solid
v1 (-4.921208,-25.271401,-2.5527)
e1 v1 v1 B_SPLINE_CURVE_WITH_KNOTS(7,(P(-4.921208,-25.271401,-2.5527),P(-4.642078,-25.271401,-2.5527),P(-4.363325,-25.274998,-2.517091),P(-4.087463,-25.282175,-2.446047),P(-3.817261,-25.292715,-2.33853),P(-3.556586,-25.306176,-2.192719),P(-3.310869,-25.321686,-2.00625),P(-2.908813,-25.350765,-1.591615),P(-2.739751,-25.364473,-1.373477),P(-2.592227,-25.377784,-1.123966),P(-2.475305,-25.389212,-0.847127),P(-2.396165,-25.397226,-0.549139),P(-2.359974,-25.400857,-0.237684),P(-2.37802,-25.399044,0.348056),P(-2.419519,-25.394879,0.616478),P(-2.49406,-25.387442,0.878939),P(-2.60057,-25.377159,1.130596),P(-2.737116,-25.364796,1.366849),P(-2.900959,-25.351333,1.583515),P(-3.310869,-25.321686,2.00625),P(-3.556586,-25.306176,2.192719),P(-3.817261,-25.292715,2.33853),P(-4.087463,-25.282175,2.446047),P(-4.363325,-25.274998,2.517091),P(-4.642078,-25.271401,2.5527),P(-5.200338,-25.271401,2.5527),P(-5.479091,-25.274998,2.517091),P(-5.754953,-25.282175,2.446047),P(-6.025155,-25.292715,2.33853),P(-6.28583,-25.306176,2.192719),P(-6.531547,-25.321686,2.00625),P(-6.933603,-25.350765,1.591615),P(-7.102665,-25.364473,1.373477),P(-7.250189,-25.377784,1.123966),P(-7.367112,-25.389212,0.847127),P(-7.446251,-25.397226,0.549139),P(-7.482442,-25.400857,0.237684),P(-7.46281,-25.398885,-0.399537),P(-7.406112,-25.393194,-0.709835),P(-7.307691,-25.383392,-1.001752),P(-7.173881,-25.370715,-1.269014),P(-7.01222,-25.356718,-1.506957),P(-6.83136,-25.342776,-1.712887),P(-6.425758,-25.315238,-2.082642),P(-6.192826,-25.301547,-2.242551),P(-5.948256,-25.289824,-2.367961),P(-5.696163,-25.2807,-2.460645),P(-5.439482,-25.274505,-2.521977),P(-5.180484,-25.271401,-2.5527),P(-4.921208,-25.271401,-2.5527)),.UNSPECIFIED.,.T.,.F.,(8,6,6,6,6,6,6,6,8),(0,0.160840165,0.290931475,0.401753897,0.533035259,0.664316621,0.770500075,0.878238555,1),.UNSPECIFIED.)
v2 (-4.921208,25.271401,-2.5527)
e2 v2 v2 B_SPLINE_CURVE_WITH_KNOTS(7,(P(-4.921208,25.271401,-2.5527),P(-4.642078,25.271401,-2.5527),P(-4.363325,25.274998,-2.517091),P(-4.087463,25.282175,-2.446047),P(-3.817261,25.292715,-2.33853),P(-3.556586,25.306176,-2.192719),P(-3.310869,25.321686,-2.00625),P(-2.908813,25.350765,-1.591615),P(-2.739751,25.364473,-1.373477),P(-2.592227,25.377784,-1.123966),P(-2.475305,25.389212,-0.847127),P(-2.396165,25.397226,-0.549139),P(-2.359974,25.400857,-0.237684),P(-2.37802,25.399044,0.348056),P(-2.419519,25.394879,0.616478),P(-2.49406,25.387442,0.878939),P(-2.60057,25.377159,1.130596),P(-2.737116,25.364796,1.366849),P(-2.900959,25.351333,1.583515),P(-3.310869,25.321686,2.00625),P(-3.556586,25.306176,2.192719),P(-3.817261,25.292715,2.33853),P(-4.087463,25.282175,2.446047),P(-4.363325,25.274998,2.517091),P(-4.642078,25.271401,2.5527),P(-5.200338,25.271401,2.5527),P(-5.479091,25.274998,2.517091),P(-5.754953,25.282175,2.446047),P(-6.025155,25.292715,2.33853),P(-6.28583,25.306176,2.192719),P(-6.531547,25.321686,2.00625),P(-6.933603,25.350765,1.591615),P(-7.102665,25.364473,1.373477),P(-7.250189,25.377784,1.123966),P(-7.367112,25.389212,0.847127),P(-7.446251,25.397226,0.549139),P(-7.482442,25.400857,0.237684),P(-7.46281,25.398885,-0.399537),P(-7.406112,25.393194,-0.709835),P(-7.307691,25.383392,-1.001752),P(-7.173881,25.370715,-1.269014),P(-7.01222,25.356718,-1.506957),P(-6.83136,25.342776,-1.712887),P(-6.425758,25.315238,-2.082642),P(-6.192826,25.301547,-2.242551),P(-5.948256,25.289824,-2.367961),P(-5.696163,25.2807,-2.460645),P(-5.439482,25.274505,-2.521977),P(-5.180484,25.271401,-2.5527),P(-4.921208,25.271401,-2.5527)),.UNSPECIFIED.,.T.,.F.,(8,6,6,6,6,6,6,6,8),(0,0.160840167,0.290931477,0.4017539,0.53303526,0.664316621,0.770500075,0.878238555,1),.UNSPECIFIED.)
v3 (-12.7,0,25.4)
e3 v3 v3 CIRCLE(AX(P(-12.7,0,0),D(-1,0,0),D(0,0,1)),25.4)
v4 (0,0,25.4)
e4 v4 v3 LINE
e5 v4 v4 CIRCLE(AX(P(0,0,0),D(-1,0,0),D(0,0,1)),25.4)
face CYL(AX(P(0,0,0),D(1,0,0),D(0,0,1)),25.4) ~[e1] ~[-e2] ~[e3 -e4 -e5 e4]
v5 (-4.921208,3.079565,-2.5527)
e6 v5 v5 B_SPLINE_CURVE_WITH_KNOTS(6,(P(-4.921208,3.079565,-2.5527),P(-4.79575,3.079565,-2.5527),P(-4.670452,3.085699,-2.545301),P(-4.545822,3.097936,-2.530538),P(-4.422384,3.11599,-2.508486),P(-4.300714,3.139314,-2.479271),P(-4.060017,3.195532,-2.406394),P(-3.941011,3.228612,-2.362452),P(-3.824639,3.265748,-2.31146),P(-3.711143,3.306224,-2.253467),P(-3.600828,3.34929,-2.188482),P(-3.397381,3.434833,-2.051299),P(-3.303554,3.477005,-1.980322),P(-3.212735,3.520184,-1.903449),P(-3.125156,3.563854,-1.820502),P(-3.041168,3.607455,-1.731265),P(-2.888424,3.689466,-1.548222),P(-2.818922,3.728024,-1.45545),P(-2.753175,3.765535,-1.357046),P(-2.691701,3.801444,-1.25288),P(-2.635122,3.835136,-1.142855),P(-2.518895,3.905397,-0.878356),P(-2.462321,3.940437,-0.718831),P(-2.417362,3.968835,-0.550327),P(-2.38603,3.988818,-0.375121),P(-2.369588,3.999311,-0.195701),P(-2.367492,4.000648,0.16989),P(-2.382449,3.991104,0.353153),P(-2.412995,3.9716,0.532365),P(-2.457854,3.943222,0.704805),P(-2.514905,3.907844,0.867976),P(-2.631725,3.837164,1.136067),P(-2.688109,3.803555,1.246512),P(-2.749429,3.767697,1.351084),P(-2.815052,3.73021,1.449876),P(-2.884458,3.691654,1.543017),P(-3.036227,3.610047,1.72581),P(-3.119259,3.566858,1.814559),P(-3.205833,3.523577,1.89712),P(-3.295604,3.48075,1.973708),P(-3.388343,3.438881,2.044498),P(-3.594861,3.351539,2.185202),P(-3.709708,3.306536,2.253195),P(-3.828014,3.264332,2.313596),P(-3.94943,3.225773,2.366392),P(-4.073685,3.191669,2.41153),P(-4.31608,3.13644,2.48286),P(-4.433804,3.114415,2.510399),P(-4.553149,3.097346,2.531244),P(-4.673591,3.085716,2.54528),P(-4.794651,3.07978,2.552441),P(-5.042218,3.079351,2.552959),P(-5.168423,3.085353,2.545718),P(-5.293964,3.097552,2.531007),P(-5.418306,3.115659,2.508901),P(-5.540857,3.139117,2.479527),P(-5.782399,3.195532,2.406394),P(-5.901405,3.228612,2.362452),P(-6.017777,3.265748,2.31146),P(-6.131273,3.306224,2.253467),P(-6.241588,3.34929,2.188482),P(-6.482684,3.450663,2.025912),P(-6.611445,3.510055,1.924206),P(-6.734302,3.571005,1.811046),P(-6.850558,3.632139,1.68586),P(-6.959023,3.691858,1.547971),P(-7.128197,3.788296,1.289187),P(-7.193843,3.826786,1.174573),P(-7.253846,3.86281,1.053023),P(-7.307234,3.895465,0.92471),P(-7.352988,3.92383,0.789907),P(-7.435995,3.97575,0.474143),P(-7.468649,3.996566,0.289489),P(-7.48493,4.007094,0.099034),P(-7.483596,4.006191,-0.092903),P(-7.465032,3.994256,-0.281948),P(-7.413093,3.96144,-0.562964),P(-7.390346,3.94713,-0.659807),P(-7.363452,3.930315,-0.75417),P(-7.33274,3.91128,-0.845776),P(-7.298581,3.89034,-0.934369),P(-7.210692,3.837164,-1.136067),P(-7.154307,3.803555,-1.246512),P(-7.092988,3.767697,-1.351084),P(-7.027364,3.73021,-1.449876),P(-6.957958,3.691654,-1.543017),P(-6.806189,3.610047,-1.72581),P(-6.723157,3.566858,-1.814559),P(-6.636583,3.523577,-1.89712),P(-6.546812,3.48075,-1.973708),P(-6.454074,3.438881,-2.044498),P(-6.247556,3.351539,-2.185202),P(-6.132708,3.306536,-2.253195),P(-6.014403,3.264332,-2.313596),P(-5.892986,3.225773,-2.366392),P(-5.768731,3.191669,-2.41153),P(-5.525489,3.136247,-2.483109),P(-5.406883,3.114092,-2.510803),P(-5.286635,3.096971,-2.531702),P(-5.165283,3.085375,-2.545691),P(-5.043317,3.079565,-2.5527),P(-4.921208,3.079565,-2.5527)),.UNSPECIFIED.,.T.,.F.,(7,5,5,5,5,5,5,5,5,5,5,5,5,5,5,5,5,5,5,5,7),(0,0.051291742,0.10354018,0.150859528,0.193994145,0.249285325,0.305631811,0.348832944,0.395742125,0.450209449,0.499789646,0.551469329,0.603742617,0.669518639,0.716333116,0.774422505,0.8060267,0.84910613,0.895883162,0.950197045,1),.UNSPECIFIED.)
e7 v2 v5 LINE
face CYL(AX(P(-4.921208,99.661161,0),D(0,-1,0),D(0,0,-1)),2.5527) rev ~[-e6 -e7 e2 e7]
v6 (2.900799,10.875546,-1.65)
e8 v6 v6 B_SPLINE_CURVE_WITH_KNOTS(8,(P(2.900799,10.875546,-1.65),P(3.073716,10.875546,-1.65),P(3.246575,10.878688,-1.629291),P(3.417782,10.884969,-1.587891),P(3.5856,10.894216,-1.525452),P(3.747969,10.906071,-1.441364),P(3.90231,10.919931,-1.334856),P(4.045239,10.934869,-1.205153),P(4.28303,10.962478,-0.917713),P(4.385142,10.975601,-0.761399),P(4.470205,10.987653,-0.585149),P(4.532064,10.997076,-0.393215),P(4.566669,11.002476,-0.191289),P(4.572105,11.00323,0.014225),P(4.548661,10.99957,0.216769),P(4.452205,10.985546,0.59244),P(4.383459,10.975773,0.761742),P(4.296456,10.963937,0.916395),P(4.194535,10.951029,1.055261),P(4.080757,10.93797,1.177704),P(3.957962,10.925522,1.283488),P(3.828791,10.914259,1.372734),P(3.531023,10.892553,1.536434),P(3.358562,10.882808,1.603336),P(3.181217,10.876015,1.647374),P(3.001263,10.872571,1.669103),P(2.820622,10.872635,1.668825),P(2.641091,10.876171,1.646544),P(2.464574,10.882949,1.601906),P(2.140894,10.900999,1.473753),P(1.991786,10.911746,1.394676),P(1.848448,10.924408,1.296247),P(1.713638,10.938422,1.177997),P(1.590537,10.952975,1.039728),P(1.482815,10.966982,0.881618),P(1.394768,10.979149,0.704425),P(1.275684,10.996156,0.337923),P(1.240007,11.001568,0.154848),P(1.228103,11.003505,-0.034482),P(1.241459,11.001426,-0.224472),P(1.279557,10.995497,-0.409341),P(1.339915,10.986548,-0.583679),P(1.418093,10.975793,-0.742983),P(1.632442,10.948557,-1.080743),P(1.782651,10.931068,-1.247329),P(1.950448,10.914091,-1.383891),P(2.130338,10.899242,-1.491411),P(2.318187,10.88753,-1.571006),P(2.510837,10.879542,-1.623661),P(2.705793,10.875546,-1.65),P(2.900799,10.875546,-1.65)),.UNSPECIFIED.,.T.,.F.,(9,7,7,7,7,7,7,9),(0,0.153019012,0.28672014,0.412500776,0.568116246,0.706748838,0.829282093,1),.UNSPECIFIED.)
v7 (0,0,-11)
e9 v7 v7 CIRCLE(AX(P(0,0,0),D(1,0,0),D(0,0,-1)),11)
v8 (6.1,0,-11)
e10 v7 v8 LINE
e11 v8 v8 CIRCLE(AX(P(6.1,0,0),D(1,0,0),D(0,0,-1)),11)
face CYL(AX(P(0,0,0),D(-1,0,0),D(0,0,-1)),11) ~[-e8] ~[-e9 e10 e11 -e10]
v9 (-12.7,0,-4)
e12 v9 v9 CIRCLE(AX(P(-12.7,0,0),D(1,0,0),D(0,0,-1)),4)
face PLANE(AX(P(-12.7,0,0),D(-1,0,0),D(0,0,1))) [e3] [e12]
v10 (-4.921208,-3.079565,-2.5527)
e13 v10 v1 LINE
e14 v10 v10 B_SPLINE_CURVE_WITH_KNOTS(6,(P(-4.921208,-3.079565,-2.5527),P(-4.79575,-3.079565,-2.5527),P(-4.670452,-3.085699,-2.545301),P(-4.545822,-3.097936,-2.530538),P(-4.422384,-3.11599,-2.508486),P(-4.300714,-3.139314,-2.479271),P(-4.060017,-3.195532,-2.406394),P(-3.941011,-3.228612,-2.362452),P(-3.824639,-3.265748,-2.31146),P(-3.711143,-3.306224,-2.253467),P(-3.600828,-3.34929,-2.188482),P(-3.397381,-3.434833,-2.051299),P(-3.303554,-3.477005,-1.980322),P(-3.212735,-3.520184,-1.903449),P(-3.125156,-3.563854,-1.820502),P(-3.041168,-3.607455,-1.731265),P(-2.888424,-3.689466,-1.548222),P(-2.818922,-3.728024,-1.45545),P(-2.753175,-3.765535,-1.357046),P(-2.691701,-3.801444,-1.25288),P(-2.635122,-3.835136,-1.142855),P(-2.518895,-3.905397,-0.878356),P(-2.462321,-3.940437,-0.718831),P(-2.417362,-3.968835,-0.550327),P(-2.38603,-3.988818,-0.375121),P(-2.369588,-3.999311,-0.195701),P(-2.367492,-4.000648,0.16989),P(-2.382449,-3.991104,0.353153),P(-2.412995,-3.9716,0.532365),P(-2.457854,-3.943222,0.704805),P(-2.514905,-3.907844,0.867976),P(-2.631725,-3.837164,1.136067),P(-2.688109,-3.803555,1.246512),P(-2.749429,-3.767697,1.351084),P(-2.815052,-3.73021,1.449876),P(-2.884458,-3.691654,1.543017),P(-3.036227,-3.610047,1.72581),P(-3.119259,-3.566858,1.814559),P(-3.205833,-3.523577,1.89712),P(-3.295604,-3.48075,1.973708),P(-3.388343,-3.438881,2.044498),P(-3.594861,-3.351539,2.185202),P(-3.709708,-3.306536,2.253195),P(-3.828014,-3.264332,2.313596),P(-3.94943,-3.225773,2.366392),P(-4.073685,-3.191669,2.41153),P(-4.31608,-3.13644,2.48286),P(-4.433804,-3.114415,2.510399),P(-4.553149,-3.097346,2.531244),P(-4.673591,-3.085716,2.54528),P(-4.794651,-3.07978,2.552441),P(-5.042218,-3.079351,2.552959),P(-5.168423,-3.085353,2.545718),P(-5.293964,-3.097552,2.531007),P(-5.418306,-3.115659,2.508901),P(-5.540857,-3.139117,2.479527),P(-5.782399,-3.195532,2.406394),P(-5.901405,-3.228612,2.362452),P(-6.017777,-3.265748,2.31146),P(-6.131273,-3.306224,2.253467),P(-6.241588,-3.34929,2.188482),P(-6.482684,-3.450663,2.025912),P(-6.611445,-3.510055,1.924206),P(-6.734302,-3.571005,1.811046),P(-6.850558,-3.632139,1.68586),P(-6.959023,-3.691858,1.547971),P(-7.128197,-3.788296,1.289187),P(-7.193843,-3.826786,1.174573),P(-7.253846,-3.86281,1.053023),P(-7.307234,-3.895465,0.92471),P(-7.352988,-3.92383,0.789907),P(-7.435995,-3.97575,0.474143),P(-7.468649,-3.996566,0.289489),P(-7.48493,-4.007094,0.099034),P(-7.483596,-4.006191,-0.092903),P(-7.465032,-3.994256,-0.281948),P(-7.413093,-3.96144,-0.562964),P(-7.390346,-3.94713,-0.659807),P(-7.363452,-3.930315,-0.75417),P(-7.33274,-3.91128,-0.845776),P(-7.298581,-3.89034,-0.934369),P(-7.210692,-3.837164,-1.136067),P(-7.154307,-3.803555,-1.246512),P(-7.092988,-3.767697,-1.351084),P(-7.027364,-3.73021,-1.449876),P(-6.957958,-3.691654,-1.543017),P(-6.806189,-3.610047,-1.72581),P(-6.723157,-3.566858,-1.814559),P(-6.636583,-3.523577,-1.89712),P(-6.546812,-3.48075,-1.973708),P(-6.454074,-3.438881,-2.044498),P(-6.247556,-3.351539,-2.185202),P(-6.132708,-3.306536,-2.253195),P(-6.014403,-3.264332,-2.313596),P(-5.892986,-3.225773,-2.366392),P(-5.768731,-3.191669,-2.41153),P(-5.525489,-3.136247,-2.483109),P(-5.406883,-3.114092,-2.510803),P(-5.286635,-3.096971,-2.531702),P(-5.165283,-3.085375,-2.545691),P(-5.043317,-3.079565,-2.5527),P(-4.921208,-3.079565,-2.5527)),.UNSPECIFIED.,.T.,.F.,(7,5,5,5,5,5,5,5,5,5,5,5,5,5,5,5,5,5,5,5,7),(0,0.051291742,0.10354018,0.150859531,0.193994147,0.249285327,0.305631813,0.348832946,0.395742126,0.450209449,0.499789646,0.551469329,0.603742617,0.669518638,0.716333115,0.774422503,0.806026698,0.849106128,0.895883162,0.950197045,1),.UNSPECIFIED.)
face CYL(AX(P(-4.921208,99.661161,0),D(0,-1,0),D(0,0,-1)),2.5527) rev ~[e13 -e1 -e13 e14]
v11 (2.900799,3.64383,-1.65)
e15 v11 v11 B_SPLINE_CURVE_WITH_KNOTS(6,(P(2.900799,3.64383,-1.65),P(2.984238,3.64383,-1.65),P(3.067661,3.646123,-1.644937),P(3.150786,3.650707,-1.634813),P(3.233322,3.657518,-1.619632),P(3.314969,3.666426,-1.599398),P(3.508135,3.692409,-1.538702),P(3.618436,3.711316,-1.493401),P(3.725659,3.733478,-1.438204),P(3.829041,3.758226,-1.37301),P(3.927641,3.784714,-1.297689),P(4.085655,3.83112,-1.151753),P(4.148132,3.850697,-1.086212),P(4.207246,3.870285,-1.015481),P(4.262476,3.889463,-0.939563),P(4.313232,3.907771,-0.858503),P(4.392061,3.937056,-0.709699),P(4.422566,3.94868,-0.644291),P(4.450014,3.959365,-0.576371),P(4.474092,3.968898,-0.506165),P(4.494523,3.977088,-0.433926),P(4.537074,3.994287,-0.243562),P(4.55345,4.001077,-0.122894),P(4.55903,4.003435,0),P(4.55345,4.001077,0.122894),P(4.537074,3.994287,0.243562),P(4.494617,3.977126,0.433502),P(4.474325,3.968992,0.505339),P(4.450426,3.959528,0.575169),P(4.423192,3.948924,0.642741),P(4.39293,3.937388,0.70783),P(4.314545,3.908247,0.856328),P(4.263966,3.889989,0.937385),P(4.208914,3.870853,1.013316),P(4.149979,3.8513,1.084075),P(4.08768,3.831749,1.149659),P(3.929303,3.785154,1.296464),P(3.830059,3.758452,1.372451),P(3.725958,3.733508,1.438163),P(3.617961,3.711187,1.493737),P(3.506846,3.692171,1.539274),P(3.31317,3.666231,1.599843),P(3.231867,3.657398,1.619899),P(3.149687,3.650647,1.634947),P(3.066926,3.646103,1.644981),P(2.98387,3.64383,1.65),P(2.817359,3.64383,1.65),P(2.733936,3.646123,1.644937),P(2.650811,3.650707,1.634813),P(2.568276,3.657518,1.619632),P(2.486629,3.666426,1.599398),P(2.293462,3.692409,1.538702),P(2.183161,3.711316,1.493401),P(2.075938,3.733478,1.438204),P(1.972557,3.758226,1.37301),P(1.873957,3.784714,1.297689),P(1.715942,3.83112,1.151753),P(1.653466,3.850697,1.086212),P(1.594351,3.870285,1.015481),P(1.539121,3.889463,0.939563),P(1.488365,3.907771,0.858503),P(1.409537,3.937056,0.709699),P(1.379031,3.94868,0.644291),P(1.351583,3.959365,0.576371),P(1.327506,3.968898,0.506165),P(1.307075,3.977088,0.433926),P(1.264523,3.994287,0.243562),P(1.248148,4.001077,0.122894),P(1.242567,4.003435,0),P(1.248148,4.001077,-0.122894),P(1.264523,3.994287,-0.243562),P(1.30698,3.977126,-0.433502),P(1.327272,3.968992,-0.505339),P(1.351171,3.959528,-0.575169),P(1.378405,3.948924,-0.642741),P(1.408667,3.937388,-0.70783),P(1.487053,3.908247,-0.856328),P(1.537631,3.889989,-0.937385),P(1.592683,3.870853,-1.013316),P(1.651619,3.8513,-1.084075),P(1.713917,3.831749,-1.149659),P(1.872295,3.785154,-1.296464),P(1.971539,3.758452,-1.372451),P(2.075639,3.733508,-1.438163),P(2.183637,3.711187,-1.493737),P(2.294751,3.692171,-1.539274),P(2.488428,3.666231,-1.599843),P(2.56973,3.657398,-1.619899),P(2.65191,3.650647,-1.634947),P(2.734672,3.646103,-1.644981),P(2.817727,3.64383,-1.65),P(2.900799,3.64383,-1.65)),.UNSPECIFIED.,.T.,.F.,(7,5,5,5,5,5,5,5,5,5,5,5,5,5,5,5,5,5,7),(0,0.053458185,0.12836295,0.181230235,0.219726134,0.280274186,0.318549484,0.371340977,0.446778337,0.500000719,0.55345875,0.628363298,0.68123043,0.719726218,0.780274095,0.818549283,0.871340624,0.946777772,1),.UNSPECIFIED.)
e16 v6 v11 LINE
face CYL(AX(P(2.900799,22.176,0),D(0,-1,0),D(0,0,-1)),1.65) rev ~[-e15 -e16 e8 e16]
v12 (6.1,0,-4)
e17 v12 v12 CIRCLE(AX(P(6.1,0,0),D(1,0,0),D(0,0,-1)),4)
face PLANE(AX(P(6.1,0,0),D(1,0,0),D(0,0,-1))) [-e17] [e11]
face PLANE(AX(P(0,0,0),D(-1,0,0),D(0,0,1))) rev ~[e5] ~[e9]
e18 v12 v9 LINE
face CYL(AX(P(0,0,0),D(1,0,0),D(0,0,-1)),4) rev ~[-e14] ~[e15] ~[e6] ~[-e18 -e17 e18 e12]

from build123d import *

# Parameters (mm, degrees)
SKETCH2_R                 = 11
BOSS_EXTRUDE2_DEPTH       = 6.1
SKETCH7_R                 = 4
CUT_EXTRUDE3_DEPTH        = 7.1
SKETCH8_R                 = 25.4
BOSS_EXTRUDE3_DEPTH       = 12.7
SKETCH10_R                = 4
CUT_EXTRUDE5_DEPTH        = 13.7
F_1_4_20_TAPPED_HOLE1_D   = 5.1054
M4X0_7_TAPPED_HOLE2_D     = 3.3
M4X0_7_TAPPED_HOLE2_DEPTH = 11.176
M4X0_7_TAPPED_HOLE2_TIP   = 0.991420021


with BuildPart() as part:
    # Sketch2 → Boss-Extrude2 (new body)
    with BuildSketch(Plane(origin=(0, 0, 0), x_dir=(0, 0, -1), z_dir=(1, 0, 0))):
        Circle(SKETCH2_R)
    extrude(amount=BOSS_EXTRUDE2_DEPTH)

    # Sketch7 → Cut-Extrude3 (cut, through all)
    with BuildSketch(Plane(origin=(6.1, 0, 0), x_dir=(0, 0, -1), z_dir=(1, 0, 0))):
        Circle(SKETCH7_R)
    extrude(amount=-CUT_EXTRUDE3_DEPTH, mode=Mode.SUBTRACT)

    # Sketch8 → Boss-Extrude3 (add)
    with BuildSketch(Plane.ZY):
        Circle(SKETCH8_R)
    extrude(amount=BOSS_EXTRUDE3_DEPTH)

    # Sketch10 → Cut-Extrude5 (cut, through all)
    with BuildSketch(Plane(origin=(0, 0, 0), x_dir=(0, 0, -1), z_dir=(1, 0, 0))):
        Circle(SKETCH10_R)
    extrude(amount=-CUT_EXTRUDE5_DEPTH, mode=Mode.SUBTRACT)

    # 1/4-20 Tapped Hole1 (through all)
    with Locations(Plane(origin=(-4.921208149, 25.4, 0), x_dir=(0, 0, 1), z_dir=(0, 1, 0))):
        with Locations((0, 0)):
            Hole(F_1_4_20_TAPPED_HOLE1_D / 2)

    # M4x0.7 Tapped Hole2
    with Locations(Plane(origin=(2.900798662, 11, 0), x_dir=(0, 0, 1), z_dir=(0, 1, 0))):
        with Locations((0, 0)):
            Hole(M4X0_7_TAPPED_HOLE2_D / 2, depth=M4X0_7_TAPPED_HOLE2_DEPTH)
            with Locations((0, 0, -(M4X0_7_TAPPED_HOLE2_DEPTH + M4X0_7_TAPPED_HOLE2_TIP / 2))):  # 118° drill point
                Cone(0, M4X0_7_TAPPED_HOLE2_D / 2, M4X0_7_TAPPED_HOLE2_TIP, mode=Mode.SUBTRACT)


solid = part.part
